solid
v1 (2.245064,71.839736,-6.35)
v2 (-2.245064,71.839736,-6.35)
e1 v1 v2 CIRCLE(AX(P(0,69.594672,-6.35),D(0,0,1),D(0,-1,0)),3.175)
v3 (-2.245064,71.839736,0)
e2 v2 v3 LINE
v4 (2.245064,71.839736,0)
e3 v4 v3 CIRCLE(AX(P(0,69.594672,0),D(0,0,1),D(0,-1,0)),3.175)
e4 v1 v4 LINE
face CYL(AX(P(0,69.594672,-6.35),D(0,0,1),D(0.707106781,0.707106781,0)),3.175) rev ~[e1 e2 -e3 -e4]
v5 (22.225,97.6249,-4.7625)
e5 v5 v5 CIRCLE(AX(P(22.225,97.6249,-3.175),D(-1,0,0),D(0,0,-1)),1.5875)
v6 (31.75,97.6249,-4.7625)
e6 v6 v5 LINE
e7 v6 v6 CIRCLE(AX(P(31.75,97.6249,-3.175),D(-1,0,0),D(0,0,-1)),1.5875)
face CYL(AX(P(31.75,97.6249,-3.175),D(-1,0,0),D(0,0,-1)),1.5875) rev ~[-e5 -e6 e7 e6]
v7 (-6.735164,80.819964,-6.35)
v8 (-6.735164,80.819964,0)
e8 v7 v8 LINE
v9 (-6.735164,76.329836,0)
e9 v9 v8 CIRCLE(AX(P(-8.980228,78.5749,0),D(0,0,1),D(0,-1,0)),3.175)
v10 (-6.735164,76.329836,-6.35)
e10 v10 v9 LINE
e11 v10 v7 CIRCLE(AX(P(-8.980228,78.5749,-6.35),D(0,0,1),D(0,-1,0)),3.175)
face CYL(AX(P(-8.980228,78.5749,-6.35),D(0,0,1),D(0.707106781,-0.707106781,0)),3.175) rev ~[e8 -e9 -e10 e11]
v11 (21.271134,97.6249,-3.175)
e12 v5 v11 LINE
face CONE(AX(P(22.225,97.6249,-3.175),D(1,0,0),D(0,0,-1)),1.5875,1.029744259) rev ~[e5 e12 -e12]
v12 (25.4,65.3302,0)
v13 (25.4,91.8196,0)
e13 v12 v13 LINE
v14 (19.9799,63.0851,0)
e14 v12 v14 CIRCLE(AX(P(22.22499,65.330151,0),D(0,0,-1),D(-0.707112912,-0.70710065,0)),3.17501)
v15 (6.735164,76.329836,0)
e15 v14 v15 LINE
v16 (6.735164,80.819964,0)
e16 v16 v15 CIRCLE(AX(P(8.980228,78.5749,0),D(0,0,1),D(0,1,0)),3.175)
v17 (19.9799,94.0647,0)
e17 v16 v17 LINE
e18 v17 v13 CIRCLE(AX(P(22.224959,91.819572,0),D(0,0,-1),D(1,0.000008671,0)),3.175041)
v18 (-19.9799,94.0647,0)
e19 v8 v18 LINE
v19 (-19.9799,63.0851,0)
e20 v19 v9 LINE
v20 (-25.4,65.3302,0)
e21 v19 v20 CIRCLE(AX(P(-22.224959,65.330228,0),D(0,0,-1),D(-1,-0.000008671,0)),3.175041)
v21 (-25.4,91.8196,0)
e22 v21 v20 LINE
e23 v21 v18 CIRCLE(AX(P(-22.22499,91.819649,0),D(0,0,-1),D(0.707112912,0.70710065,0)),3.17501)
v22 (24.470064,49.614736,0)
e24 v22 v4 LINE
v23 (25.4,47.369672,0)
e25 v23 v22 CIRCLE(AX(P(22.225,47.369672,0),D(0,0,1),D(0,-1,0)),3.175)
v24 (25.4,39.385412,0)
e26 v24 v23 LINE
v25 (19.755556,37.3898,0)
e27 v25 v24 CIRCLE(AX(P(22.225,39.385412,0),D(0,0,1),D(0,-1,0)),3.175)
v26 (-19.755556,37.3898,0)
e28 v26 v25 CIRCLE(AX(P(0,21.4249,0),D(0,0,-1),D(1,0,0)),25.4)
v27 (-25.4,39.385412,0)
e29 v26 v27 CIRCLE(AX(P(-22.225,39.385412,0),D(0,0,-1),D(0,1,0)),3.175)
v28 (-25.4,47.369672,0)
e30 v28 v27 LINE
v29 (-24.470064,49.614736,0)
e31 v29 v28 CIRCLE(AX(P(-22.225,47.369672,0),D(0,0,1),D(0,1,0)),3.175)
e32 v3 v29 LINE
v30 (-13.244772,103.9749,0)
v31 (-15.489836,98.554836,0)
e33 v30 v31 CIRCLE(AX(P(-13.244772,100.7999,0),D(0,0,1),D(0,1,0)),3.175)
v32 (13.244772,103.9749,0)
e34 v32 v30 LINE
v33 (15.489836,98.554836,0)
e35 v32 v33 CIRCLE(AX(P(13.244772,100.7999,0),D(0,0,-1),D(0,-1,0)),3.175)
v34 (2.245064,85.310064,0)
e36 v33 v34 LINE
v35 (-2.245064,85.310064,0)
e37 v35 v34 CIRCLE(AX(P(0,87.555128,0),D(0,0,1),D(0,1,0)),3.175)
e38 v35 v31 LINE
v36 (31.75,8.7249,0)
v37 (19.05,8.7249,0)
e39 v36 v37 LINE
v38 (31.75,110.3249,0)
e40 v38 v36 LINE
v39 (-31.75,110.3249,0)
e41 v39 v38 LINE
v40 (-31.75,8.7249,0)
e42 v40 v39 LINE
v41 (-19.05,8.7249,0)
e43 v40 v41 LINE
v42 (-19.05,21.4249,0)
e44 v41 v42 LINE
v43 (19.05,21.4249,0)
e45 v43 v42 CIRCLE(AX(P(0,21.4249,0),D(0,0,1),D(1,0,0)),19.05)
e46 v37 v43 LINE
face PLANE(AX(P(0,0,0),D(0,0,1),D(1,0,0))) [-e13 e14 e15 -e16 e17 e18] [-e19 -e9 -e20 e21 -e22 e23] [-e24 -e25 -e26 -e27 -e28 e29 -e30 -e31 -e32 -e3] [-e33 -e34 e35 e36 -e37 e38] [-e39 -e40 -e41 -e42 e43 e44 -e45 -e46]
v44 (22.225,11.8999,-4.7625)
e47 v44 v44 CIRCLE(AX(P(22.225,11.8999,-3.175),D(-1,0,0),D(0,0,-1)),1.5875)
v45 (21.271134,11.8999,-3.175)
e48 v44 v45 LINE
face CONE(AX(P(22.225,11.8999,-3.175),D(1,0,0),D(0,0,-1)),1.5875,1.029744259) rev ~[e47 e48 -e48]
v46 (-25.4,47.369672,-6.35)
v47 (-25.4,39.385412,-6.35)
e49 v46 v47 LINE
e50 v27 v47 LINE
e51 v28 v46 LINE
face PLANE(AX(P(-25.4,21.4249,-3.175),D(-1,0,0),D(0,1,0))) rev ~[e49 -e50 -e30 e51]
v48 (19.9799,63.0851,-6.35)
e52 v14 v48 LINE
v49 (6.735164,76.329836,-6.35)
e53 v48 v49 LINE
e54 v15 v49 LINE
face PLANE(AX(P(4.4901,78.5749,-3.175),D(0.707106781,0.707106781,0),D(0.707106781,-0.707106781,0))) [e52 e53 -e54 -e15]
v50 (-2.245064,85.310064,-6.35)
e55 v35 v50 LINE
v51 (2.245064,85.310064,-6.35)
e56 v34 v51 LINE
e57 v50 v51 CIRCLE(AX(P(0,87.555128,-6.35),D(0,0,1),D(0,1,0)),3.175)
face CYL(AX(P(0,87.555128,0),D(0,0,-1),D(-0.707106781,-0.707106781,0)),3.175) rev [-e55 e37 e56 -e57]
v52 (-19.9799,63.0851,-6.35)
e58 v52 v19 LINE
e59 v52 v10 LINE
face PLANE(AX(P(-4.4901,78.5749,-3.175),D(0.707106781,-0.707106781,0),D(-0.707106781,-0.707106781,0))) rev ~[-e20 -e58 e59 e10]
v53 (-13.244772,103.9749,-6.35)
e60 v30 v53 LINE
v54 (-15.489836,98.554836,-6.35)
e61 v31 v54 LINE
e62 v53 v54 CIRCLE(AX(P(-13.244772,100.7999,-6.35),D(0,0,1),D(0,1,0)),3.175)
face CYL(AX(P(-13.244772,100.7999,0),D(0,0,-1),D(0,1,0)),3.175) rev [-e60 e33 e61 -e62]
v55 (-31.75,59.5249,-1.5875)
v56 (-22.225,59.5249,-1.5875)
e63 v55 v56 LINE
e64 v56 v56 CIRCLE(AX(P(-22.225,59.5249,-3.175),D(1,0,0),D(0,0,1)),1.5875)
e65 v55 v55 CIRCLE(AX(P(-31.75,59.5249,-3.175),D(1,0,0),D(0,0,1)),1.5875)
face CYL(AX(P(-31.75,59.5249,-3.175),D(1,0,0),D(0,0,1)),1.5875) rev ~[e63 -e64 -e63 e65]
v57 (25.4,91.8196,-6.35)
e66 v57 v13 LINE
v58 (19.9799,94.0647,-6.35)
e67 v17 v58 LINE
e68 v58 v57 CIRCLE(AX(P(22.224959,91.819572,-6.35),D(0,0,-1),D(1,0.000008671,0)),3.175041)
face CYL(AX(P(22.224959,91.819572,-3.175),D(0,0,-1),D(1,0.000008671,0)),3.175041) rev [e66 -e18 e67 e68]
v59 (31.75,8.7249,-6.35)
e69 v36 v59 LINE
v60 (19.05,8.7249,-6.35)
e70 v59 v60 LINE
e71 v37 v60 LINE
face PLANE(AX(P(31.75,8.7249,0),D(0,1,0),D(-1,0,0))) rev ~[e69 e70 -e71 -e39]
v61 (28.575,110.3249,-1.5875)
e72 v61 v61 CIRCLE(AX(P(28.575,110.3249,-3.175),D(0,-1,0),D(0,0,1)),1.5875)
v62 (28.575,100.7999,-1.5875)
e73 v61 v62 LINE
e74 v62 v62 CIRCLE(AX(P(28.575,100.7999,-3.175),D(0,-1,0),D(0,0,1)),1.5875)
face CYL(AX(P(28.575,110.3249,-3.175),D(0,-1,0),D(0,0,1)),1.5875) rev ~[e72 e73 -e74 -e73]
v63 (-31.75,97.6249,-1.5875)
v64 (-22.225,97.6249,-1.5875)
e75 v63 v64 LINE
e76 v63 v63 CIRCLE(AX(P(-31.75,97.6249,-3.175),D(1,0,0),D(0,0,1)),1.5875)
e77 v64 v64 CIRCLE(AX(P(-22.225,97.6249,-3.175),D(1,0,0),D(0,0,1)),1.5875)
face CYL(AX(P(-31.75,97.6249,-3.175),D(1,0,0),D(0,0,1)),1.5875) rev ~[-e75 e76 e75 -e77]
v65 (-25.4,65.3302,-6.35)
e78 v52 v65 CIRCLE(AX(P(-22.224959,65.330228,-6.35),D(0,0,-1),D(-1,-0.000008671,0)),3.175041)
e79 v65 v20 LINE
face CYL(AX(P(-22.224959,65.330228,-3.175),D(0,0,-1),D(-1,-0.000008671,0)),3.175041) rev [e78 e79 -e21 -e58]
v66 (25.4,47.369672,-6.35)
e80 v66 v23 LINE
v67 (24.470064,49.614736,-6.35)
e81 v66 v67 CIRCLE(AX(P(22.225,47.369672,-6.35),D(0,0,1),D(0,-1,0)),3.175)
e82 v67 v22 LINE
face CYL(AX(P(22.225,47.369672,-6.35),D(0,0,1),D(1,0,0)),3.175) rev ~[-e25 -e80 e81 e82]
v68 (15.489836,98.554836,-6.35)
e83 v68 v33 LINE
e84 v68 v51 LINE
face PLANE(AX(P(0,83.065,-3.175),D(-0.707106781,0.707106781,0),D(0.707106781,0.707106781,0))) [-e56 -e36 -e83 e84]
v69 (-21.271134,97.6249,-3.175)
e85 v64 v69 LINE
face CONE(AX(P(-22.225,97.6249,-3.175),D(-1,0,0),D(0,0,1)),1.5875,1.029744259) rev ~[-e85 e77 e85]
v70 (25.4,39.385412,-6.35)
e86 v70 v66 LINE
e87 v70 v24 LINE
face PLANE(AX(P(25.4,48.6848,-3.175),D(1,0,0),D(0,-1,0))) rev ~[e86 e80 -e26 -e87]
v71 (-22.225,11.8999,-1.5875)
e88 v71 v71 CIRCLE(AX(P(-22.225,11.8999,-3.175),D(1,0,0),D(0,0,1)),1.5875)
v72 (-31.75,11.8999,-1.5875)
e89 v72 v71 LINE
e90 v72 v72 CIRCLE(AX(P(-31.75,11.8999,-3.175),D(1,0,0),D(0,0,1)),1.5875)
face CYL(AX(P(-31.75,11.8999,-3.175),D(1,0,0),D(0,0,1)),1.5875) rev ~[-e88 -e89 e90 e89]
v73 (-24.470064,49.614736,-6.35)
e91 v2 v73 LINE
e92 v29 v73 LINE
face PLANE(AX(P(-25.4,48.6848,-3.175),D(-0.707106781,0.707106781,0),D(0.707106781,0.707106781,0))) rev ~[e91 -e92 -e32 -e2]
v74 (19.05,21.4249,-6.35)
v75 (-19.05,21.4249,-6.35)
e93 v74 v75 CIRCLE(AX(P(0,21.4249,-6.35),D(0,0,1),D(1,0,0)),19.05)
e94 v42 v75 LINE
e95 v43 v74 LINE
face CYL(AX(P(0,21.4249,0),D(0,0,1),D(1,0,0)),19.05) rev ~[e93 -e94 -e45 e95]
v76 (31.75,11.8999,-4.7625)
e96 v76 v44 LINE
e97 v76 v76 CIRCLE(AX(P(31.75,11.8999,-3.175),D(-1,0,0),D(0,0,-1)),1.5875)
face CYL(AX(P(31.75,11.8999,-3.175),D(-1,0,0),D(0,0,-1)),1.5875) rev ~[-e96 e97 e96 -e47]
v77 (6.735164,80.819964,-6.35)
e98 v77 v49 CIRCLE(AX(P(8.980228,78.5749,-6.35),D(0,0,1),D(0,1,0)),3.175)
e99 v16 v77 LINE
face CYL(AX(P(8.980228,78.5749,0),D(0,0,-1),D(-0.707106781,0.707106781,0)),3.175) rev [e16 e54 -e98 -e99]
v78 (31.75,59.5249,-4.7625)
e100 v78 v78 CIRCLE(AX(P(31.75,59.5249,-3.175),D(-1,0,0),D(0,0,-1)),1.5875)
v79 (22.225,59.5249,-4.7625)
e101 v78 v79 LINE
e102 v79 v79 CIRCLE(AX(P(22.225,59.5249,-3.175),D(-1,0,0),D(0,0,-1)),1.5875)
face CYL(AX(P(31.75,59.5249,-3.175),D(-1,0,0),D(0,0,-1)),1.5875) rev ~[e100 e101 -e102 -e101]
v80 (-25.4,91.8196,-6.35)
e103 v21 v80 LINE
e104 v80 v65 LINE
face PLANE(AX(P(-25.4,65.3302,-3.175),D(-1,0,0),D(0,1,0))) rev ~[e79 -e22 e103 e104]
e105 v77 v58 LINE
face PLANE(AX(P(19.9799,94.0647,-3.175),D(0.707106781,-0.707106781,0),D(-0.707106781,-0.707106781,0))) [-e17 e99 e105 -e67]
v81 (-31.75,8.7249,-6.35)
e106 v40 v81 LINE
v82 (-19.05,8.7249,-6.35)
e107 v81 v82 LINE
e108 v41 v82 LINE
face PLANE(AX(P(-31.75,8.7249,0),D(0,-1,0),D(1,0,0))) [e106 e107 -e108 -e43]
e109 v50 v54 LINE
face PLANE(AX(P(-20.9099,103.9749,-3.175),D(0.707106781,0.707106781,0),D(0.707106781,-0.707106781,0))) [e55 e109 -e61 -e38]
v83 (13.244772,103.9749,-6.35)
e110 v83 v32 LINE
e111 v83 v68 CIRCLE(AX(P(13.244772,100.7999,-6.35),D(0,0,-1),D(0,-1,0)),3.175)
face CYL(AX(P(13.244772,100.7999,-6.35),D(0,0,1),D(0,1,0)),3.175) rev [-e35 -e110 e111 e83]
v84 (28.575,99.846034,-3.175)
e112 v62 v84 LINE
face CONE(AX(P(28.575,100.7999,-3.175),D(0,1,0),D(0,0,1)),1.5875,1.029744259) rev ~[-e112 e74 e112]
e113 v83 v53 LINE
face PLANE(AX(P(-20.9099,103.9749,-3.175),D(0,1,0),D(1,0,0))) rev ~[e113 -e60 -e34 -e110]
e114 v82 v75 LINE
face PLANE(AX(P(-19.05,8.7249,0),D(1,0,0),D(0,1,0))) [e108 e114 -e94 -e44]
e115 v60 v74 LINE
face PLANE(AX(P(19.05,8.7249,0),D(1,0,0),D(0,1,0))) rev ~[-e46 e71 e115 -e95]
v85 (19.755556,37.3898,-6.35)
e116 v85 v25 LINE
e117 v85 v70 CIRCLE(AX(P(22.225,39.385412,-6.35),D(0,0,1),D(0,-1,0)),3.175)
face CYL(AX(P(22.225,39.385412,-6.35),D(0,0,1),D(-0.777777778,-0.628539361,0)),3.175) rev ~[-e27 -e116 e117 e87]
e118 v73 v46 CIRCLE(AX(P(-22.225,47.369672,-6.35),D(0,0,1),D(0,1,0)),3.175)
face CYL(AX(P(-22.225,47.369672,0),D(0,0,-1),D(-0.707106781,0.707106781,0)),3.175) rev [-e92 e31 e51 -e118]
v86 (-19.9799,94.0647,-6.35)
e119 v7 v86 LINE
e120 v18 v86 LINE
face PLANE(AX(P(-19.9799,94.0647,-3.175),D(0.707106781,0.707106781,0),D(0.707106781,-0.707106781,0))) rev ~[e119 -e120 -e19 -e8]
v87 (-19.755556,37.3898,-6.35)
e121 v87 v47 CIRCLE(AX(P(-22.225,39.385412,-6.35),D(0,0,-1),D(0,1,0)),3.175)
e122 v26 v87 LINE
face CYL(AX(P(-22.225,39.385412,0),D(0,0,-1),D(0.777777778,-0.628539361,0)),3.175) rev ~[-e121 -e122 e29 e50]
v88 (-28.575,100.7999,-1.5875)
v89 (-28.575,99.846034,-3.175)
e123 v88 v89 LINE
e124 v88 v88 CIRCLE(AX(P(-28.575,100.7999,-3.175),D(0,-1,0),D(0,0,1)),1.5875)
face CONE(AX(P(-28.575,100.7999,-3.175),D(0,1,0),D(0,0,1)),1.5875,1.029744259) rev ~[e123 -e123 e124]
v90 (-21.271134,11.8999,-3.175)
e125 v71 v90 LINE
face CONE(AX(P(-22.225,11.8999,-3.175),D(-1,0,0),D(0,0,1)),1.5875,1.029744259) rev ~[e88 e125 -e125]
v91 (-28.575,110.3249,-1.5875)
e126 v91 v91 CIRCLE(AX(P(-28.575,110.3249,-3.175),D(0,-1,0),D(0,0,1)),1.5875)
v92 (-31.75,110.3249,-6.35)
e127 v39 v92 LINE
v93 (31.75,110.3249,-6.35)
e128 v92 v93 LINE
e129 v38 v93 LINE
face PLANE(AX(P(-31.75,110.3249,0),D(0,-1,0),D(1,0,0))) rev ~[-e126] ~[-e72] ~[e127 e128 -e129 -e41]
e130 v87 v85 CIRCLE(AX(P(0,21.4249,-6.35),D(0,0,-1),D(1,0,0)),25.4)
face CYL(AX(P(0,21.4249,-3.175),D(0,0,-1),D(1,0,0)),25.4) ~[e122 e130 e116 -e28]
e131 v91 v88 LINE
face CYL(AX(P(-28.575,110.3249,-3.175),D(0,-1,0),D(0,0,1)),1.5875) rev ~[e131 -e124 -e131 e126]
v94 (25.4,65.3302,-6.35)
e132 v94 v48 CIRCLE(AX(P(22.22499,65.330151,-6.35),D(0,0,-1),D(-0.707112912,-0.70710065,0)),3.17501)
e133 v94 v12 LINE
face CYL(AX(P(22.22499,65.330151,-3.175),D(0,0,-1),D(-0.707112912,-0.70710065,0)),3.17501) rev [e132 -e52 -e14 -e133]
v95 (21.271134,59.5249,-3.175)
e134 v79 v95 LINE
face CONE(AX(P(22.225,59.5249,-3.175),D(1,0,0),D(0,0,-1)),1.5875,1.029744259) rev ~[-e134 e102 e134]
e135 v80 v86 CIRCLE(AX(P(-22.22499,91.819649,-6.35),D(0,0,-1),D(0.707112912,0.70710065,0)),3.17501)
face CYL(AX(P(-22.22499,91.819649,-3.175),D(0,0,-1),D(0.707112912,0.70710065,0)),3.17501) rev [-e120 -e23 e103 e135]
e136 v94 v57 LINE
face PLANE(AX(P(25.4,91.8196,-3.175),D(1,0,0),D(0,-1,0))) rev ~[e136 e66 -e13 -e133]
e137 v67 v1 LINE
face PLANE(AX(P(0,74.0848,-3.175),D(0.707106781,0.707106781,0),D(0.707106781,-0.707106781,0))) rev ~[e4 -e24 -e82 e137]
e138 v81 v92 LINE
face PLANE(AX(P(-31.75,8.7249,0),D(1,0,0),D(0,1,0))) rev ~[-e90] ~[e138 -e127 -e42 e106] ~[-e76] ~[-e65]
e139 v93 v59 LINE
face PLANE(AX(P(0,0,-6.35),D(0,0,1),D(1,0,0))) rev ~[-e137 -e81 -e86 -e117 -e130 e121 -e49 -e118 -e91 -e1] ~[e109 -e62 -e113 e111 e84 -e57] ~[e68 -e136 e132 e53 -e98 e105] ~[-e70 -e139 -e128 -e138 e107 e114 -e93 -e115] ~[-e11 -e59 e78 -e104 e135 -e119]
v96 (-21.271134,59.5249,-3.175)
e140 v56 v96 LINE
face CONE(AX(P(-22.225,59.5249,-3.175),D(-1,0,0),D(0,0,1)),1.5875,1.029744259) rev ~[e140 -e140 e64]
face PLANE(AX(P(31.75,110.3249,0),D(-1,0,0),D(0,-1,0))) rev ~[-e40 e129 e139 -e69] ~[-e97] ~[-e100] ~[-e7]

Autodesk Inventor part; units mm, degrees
ref_plane "YZ Plane" through (0, 0, 0) normal (1, 0, 0) x (0, 1, 0)
ref_plane "XZ Plane" through (0, 0, 0) normal (0, 1, 0) x (-1, 0, 0)
sketch "Sketch1" plane through (0, 0, 0) normal (0, 0, 1) x (1, 0, 0)
  line L0 (-31.75, 110.3249) -> (31.75, 110.3249)
  line L1 (31.75, 110.3249) -> (31.75, 8.7249)
  line L2 (-31.75, 8.7249) -> (-31.75, 110.3249)
  line L3 (-31.75, 8.7249) -> (-19.05, 8.7249)
  line L4 (31.75, 8.7249) -> (19.05, 8.7249)
  line L5 (-19.05, 8.7249) -> (-19.05, 21.4249)
  line L6 (19.05, 8.7249) -> (19.05, 21.4249)
  arc A0 (19.05, 21.4249) -> (-19.05, 21.4249) centre (0, 21.4249) ccw
  point P0 (0, 0)
  dimension "d0" = 63.5
  dimension "d1" = 31.75
  dimension "d2" = 101.6
  dimension "d3" = 110.3249
  dimension "d4" = 12.7
  dimension "d5" = 12.7
  dimension "d46" = 101.6
  dimension "d52" = 12.7
  dimension "d53" = 12.7
extrude "Extrusion1" add sketch "Sketch1" against normal blind 6.35
sketch "Sketch2" plane through (31.75, 8.7249, 0) normal (1, 0, 0) x (0, 0, -1)
  line L0 (6.35, 0) -> (6.35, 101.6) projected
  line L1 (0, 101.6) -> (6.35, 101.6) projected
  line L2 (0, 101.6) -> (0, 0) projected
  line L3 (0, 0) -> (6.35, 0) projected
  point P0 (0, -8.7249)
  point P1 (3.175, 3.175)
  point P2 (3.175, 88.9)
  point P3 (3.175, 50.8)
  dimension "d22" = 12.7
  dimension "d23" = 3.175
  dimension "d24" = 3.175
  dimension "d25" = 3.175
  dimension "d54" = 50.8
  dimension "d55" = 3.175
hole "Hole2" at (31.75, 11.8999, -3.175) at (31.75, 97.6249, -3.175) at (31.75, 59.5249, -3.175) direction (-1, 0, 0) diameter 3.175 depth 9.525 tip angle 118
sketch "Sketch3" plane through (-31.75, 8.7249, 0) normal (-1, 0, 0) x (0, 0, 1)
  line L0 (0, 0) -> (-6.35, 0) projected
  line L1 (0, 0) -> (0, 101.6) projected
  line L2 (0, 101.6) -> (-6.35, 101.6) projected
  line L3 (-6.35, 101.6) -> (-6.35, 0) projected
  point P0 (0, -8.7249)
  point P1 (-3.175, 88.9)
  point P2 (-3.175, 3.175)
  point P3 (-3.175, 50.8)
  dimension "d33" = 3.175
  dimension "d34" = 12.7
  dimension "d35" = 3.175
  dimension "d36" = 3.175
  dimension "d56" = 50.8
  dimension "d57" = 3.175
hole "Hole3" at (-31.75, 97.6249, -3.175) at (-31.75, 11.8999, -3.175) at (-31.75, 59.5249, -3.175) direction (1, 0, 0) diameter 3.175 depth 9.525 tip angle 118
sketch "Sketch5" plane through (-31.75, 110.3249, 0) normal (0, 1, 0) x (1, 0, 0)
  line L0 (0, 0) -> (0, 6.35) projected
  line L1 (0, 0) -> (63.5, 0) projected
  line L2 (63.5, 0) -> (63.5, 6.35) projected
  point P0 (31.75, 0)
  point P1 (3.175, 3.175)
  point P2 (60.325, 3.175)
  dimension "d78" = 3.175
  dimension "d79" = 3.175
  dimension "d80" = 3.175
hole "Hole4" at (-28.575, 110.3249, -3.175) at (28.575, 110.3249, -3.175) direction (0, -1, 0) diameter 3.175 depth 9.525 tip angle 118
ref_plane "Work Plane2" through (0, 0, -3.175) normal (0, 0, 1) x (1, 0, 0)
sketch "Sketch6" plane through (0, 0, -3.175) normal (0, 0, 1) x (1, 0, 0)
  arc A0 (25.4, 21.4249) -> (-25.4, 21.4249) centre (0, 21.4249) ccw
  line L0 (-31.75, 110.3249) -> (-31.75, 8.7249) projected
  line L1 (31.75, 110.3249) -> (-31.75, 110.3249) projected
  line L2 (31.75, 8.7249) -> (31.75, 110.3249) projected
  line L3 (19.05, 8.7249) -> (31.75, 8.7249) projected
  arc A1 (19.05, 21.4249) -> (-19.05, 21.4249) centre (0, 21.4249) ccw projected
  line L4 (19.05, 21.4249) -> (19.05, 8.7249) projected
  line L5 (-19.05, 8.7249) -> (-19.05, 21.4249) projected
  line L6 (-31.75, 8.7249) -> (-19.05, 8.7249) projected
  line L7 (-25.4, 21.4249) -> (-25.4, 103.9749)
  line L8 (-25.4, 103.9749) -> (25.4, 103.9749)
  line L9 (25.4, 103.9749) -> (25.4, 21.4249)
  line L10 (25.4, 103.9749) -> (-25.4, 53.1749) construction
  line L11 (-25.4, 103.9749) -> (25.4, 53.1749) construction
  line L12 (-25.4, 99.4848) -> (-4.4901, 78.5749)
  line L13 (-4.4901, 78.5749) -> (-25.4, 57.665)
  line L14 (-20.9099, 103.9749) -> (0, 83.065)
  line L15 (0, 83.065) -> (20.9099, 103.9749)
  line L16 (25.4, 99.4848) -> (4.4901, 78.5749)
  line L17 (4.4901, 78.5749) -> (25.4, 57.665)
  line L18 (-25.4, 48.6848) -> (0, 74.0848)
  line L19 (0, 74.0848) -> (25.4, 48.6848)
  arc A2 (-25.4, 65.3302) -> (-19.9799, 63.0851) centre (-22.225, 65.3302) ccw
  arc A3 (-19.9799, 94.0647) -> (-25.4, 91.8196) centre (-22.225, 91.8196) ccw
  arc A4 (25.4, 91.8196) -> (19.9799, 94.0647) centre (22.225, 91.8196) ccw
  arc A5 (19.9799, 63.0851) -> (25.4, 65.3302) centre (22.225, 65.3302) ccw
  point P0 (0, 0)
  dimension "d99" = 25.4
  dimension "d100" = 6.35
  dimension "d101" = 6.35
  dimension "d102" = 6.35
  dimension "d103" = 45
  dimension "d104" = 6.35
  dimension "d105" = 3.175
  dimension "d106" = 3.175
  dimension "d108" = 6.35
  dimension "d109" = 3.175
  dimension "d110" = 6.35
  dimension "d111" = 3.175
  dimension "d112" = 6.35
  dimension "d113" = 3.175
  dimension "d114" = 3.175
  dimension "d115" = 3.175
  dimension "d116" = 3.175
extrude "Extrusion5" cut sketch "Sketch6" along normal mid plane 25.4 contours A0 L7 L18 L19 L9 | A5 L17 L16 A4 L9 | L7 A3 L12 L13 A2 | L15 L14 L8
fillet "Fillet3" radius 3.175 10 edges at (-25.4, 21.4249, -3.175) (25.4, 21.4249, -3.175) (25.4, 48.6848, -3.175) (0, 74.0848, -3.175) (-25.4, 48.6848, -3.175) (-4.4901, 78.5749, -3.175) (4.4901, 78.5749, -3.175) (0, 83.065, -3.175) (-20.9099, 103.9749, -3.175) (20.9099, 103.9749, -3.175)
equation "\"d105\" = 0.5 * d104"
equation "\"d106\" = d105"
equation "\"d109\" = d105"
equation "\"d110\" = d108"
equation "\"d111\" = d105"
equation "\"d112\" = d104"
properties part number "lower box front plate2"
